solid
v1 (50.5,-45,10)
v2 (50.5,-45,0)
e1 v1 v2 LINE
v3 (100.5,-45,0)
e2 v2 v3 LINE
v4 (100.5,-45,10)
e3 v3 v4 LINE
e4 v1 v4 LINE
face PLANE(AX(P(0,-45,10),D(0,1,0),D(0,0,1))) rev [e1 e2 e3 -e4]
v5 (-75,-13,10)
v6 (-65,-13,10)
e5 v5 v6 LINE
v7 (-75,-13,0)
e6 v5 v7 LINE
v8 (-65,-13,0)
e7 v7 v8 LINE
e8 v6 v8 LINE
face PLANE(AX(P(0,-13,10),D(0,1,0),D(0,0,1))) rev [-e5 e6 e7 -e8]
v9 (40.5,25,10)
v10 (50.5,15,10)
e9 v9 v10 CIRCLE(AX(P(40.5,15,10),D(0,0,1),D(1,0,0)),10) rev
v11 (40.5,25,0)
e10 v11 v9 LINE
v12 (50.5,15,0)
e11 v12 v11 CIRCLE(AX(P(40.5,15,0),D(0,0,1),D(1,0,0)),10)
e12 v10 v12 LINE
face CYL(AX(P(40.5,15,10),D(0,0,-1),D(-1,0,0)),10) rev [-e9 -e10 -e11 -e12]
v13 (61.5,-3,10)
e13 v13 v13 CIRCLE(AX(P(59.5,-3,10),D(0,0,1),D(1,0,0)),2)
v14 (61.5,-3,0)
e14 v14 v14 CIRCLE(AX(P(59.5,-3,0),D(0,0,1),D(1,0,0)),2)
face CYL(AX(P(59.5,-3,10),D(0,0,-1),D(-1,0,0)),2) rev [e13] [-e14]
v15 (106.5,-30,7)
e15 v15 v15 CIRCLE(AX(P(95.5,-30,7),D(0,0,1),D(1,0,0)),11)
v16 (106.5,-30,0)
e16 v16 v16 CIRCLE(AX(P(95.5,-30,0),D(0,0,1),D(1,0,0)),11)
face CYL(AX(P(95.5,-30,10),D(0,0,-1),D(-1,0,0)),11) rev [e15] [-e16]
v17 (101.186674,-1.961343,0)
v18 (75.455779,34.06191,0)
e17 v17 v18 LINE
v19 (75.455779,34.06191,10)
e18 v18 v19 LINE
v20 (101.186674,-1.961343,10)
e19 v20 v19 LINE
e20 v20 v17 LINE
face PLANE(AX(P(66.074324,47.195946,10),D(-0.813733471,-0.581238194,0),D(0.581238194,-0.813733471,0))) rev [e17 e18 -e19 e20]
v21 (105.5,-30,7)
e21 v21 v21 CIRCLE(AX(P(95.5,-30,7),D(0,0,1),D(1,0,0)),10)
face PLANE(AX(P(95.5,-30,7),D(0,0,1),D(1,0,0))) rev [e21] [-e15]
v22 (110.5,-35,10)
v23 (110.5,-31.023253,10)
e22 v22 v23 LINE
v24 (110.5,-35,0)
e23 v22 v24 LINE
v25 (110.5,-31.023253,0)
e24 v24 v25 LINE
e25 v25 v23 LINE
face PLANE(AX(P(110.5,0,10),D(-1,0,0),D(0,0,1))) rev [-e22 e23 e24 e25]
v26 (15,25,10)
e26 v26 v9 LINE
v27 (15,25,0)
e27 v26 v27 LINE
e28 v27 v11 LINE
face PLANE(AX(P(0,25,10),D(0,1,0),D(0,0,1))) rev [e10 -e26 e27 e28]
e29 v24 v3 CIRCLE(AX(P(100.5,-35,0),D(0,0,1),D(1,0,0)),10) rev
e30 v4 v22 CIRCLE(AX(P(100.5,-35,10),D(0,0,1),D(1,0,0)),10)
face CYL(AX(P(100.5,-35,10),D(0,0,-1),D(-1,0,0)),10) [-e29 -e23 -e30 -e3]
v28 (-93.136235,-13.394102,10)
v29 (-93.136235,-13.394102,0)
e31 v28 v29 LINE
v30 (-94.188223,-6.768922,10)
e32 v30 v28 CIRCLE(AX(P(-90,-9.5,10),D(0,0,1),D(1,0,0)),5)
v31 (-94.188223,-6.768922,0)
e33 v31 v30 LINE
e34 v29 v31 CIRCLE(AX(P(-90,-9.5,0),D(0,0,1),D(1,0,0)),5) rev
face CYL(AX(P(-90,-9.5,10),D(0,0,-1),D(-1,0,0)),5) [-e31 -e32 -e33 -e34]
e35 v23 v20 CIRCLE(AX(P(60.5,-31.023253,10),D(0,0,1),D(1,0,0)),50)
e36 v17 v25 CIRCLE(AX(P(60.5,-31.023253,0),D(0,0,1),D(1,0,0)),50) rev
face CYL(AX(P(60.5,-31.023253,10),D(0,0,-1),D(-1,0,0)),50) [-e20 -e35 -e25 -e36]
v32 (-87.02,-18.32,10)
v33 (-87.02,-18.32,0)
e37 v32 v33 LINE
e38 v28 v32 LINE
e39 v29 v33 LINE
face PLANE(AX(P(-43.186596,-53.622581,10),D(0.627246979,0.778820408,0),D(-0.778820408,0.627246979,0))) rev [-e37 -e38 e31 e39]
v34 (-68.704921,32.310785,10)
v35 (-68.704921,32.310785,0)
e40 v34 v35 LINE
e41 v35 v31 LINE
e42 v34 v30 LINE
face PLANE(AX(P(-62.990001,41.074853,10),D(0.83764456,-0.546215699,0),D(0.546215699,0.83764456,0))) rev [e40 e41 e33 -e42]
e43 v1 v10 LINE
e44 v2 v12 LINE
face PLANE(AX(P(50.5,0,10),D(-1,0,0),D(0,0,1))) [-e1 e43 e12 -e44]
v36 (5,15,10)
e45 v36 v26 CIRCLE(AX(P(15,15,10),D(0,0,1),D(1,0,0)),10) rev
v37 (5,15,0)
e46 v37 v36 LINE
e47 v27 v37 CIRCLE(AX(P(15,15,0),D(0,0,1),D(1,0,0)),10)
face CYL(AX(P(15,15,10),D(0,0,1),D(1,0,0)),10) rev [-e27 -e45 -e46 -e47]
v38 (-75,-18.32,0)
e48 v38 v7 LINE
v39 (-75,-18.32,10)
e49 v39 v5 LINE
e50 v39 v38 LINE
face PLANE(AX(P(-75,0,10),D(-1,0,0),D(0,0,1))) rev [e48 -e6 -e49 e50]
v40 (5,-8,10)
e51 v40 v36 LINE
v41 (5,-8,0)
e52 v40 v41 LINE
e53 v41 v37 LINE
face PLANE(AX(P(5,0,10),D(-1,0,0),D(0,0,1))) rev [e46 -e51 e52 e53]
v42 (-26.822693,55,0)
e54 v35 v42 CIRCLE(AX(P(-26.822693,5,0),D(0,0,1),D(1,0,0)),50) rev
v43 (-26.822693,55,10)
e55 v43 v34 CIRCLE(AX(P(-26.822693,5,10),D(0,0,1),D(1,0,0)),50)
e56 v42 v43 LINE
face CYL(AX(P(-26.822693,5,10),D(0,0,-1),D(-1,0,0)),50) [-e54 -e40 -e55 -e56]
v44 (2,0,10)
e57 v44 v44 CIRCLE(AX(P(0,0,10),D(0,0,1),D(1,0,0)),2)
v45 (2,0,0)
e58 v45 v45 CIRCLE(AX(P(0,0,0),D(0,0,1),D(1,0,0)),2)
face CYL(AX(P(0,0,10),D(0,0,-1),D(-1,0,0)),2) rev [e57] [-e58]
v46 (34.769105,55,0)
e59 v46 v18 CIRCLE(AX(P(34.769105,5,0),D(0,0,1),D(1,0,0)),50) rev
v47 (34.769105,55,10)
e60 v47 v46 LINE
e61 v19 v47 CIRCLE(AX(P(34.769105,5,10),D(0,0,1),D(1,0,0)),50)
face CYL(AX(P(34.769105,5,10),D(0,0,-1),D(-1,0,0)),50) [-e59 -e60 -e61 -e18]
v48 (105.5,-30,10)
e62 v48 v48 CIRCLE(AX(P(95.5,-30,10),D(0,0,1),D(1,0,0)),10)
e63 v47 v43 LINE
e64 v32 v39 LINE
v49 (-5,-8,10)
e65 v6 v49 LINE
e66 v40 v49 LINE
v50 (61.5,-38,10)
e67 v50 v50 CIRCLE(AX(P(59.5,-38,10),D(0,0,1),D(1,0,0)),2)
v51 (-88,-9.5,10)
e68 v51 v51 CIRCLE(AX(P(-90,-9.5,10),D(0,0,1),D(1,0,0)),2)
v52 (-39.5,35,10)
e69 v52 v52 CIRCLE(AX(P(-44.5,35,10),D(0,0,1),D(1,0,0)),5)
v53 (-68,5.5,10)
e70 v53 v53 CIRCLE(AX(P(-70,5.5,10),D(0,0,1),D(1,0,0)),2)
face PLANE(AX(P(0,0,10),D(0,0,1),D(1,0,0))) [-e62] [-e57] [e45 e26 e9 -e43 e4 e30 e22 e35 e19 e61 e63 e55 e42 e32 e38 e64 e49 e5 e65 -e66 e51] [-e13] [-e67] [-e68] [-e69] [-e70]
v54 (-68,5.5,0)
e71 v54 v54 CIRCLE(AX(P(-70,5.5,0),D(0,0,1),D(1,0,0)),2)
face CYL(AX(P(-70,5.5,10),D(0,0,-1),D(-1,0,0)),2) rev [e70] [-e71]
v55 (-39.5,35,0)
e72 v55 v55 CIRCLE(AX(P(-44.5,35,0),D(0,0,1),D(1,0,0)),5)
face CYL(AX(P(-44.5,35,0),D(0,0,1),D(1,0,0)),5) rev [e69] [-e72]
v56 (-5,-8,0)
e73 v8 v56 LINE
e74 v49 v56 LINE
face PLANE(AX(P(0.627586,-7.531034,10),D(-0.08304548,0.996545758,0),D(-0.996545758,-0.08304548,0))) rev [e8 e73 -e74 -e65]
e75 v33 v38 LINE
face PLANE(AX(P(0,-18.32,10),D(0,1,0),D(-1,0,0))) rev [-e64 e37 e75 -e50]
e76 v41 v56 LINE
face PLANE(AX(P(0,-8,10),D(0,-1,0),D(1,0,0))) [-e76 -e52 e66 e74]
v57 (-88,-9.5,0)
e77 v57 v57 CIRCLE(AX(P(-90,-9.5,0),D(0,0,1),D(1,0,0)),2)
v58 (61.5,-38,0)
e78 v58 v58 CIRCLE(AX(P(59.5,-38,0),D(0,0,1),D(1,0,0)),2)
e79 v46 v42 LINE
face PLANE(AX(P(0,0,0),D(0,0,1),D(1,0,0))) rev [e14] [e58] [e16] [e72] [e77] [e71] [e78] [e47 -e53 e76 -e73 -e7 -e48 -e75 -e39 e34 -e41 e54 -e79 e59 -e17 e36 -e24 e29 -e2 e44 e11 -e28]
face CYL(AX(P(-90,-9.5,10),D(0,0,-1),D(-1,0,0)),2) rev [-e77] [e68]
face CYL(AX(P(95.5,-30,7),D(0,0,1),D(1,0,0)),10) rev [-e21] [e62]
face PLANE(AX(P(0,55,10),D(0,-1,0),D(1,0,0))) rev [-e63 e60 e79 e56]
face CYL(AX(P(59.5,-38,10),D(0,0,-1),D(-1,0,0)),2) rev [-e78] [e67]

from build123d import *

# Parameters (mm, degrees)
SKETCH1_R               = 11
SKETCH1_R_2             = 2
SKETCH1_W               = 10
SKETCH1_H               = 16
BOSS_EXTRUDE1_DEPTH     = 10
FILLET1_R               = 10
FILLET2_R               = 50
FILLET3_R               = 5
BOSS_EXTRUDE2_START     = -3
SKETCH2_R               = 11
SKETCH2_R_2             = 10
BOSS_EXTRUDE2_DEPTH     = 3
CUT_EXTRUDE1_DEPTH      = 124.835576471
CUT_EXTRUDE1_DEPTH_BACK = 124.835576471
SKETCH3_R               = 5


with BuildPart() as part:
    # Sketch1 → Boss-Extrude1 (new body)
    # profile 1 of 2: a face of its own
    with BuildSketch(Plane.XY):
        Polygon((-75, -13), (-65, -13), (-5, -8), (-5, 8), (5, 8), (5, 25), (50.5, 25), (50.5, -45), (76.132488073, -45), (110.5, -45), (110.5, -15), (60.5, 55), (-53.909617462, 55), (-96.658561066, -10.557288279), (-87.02, -18.32), (-75, -18.32), align=None)
        with Locations((95.5, -30)):
            Circle(SKETCH1_R, mode=Mode.SUBTRACT)
        with Locations((59.5, -38)):
            Circle(SKETCH1_R_2, mode=Mode.SUBTRACT)
        with Locations((59.5, -3)):
            Circle(SKETCH1_R_2, mode=Mode.SUBTRACT)
        with Locations((-70, 5.5)):
            Circle(SKETCH1_R_2, mode=Mode.SUBTRACT)
        with Locations((-90, -9.5)):
            Circle(SKETCH1_R_2, mode=Mode.SUBTRACT)
    # profile 2 of 2: a face of its own
    with BuildSketch(Plane.XY):
        Rectangle(SKETCH1_W, SKETCH1_H)
        Circle(SKETCH1_R_2, mode=Mode.SUBTRACT)
    extrude(amount=BOSS_EXTRUDE1_DEPTH)

    # Fillet1
    fillet1_edges = [part.edges().sort_by_distance(p)[0] for p in [
        (110.5, -45, 5),
        (50.5, 25, 5),
        (5, 25, 5),
    ]]
    fillet(fillet1_edges, radius=FILLET1_R)

    # Fillet2
    fillet2_edges = [part.edges().sort_by_distance(p)[0] for p in [
        (-53.909617462, 55, 5),
        (60.5, 55, 5),
        (110.5, -15, 5),
    ]]
    fillet(fillet2_edges, radius=FILLET2_R)

    # Fillet3
    fillet3_edges = [part.edges().sort_by_distance(p)[0] for p in [
        (-96.658561066, -10.557288279, 5),
    ]]
    fillet(fillet3_edges, radius=FILLET3_R)

    # Sketch2 → Boss-Extrude2 (add)
    with BuildSketch(Plane.XY.offset(10).offset(BOSS_EXTRUDE2_START)):
        with Locations((95.5, -30)):
            Circle(SKETCH2_R)
        with Locations((95.5, -30)):
            Circle(SKETCH2_R_2, mode=Mode.SUBTRACT)
    extrude(amount=BOSS_EXTRUDE2_DEPTH)

    # Sketch3 → Cut-Extrude1 (cut, two sides: drawn at the far end of the back side and taken through both)
    with BuildSketch(Plane.XY.offset(10).offset(-CUT_EXTRUDE1_DEPTH_BACK)):
        with Locations((-44.5, 35)):
            Circle(SKETCH3_R)
    extrude(amount=CUT_EXTRUDE1_DEPTH + CUT_EXTRUDE1_DEPTH_BACK, mode=Mode.SUBTRACT)


solid = part.part
